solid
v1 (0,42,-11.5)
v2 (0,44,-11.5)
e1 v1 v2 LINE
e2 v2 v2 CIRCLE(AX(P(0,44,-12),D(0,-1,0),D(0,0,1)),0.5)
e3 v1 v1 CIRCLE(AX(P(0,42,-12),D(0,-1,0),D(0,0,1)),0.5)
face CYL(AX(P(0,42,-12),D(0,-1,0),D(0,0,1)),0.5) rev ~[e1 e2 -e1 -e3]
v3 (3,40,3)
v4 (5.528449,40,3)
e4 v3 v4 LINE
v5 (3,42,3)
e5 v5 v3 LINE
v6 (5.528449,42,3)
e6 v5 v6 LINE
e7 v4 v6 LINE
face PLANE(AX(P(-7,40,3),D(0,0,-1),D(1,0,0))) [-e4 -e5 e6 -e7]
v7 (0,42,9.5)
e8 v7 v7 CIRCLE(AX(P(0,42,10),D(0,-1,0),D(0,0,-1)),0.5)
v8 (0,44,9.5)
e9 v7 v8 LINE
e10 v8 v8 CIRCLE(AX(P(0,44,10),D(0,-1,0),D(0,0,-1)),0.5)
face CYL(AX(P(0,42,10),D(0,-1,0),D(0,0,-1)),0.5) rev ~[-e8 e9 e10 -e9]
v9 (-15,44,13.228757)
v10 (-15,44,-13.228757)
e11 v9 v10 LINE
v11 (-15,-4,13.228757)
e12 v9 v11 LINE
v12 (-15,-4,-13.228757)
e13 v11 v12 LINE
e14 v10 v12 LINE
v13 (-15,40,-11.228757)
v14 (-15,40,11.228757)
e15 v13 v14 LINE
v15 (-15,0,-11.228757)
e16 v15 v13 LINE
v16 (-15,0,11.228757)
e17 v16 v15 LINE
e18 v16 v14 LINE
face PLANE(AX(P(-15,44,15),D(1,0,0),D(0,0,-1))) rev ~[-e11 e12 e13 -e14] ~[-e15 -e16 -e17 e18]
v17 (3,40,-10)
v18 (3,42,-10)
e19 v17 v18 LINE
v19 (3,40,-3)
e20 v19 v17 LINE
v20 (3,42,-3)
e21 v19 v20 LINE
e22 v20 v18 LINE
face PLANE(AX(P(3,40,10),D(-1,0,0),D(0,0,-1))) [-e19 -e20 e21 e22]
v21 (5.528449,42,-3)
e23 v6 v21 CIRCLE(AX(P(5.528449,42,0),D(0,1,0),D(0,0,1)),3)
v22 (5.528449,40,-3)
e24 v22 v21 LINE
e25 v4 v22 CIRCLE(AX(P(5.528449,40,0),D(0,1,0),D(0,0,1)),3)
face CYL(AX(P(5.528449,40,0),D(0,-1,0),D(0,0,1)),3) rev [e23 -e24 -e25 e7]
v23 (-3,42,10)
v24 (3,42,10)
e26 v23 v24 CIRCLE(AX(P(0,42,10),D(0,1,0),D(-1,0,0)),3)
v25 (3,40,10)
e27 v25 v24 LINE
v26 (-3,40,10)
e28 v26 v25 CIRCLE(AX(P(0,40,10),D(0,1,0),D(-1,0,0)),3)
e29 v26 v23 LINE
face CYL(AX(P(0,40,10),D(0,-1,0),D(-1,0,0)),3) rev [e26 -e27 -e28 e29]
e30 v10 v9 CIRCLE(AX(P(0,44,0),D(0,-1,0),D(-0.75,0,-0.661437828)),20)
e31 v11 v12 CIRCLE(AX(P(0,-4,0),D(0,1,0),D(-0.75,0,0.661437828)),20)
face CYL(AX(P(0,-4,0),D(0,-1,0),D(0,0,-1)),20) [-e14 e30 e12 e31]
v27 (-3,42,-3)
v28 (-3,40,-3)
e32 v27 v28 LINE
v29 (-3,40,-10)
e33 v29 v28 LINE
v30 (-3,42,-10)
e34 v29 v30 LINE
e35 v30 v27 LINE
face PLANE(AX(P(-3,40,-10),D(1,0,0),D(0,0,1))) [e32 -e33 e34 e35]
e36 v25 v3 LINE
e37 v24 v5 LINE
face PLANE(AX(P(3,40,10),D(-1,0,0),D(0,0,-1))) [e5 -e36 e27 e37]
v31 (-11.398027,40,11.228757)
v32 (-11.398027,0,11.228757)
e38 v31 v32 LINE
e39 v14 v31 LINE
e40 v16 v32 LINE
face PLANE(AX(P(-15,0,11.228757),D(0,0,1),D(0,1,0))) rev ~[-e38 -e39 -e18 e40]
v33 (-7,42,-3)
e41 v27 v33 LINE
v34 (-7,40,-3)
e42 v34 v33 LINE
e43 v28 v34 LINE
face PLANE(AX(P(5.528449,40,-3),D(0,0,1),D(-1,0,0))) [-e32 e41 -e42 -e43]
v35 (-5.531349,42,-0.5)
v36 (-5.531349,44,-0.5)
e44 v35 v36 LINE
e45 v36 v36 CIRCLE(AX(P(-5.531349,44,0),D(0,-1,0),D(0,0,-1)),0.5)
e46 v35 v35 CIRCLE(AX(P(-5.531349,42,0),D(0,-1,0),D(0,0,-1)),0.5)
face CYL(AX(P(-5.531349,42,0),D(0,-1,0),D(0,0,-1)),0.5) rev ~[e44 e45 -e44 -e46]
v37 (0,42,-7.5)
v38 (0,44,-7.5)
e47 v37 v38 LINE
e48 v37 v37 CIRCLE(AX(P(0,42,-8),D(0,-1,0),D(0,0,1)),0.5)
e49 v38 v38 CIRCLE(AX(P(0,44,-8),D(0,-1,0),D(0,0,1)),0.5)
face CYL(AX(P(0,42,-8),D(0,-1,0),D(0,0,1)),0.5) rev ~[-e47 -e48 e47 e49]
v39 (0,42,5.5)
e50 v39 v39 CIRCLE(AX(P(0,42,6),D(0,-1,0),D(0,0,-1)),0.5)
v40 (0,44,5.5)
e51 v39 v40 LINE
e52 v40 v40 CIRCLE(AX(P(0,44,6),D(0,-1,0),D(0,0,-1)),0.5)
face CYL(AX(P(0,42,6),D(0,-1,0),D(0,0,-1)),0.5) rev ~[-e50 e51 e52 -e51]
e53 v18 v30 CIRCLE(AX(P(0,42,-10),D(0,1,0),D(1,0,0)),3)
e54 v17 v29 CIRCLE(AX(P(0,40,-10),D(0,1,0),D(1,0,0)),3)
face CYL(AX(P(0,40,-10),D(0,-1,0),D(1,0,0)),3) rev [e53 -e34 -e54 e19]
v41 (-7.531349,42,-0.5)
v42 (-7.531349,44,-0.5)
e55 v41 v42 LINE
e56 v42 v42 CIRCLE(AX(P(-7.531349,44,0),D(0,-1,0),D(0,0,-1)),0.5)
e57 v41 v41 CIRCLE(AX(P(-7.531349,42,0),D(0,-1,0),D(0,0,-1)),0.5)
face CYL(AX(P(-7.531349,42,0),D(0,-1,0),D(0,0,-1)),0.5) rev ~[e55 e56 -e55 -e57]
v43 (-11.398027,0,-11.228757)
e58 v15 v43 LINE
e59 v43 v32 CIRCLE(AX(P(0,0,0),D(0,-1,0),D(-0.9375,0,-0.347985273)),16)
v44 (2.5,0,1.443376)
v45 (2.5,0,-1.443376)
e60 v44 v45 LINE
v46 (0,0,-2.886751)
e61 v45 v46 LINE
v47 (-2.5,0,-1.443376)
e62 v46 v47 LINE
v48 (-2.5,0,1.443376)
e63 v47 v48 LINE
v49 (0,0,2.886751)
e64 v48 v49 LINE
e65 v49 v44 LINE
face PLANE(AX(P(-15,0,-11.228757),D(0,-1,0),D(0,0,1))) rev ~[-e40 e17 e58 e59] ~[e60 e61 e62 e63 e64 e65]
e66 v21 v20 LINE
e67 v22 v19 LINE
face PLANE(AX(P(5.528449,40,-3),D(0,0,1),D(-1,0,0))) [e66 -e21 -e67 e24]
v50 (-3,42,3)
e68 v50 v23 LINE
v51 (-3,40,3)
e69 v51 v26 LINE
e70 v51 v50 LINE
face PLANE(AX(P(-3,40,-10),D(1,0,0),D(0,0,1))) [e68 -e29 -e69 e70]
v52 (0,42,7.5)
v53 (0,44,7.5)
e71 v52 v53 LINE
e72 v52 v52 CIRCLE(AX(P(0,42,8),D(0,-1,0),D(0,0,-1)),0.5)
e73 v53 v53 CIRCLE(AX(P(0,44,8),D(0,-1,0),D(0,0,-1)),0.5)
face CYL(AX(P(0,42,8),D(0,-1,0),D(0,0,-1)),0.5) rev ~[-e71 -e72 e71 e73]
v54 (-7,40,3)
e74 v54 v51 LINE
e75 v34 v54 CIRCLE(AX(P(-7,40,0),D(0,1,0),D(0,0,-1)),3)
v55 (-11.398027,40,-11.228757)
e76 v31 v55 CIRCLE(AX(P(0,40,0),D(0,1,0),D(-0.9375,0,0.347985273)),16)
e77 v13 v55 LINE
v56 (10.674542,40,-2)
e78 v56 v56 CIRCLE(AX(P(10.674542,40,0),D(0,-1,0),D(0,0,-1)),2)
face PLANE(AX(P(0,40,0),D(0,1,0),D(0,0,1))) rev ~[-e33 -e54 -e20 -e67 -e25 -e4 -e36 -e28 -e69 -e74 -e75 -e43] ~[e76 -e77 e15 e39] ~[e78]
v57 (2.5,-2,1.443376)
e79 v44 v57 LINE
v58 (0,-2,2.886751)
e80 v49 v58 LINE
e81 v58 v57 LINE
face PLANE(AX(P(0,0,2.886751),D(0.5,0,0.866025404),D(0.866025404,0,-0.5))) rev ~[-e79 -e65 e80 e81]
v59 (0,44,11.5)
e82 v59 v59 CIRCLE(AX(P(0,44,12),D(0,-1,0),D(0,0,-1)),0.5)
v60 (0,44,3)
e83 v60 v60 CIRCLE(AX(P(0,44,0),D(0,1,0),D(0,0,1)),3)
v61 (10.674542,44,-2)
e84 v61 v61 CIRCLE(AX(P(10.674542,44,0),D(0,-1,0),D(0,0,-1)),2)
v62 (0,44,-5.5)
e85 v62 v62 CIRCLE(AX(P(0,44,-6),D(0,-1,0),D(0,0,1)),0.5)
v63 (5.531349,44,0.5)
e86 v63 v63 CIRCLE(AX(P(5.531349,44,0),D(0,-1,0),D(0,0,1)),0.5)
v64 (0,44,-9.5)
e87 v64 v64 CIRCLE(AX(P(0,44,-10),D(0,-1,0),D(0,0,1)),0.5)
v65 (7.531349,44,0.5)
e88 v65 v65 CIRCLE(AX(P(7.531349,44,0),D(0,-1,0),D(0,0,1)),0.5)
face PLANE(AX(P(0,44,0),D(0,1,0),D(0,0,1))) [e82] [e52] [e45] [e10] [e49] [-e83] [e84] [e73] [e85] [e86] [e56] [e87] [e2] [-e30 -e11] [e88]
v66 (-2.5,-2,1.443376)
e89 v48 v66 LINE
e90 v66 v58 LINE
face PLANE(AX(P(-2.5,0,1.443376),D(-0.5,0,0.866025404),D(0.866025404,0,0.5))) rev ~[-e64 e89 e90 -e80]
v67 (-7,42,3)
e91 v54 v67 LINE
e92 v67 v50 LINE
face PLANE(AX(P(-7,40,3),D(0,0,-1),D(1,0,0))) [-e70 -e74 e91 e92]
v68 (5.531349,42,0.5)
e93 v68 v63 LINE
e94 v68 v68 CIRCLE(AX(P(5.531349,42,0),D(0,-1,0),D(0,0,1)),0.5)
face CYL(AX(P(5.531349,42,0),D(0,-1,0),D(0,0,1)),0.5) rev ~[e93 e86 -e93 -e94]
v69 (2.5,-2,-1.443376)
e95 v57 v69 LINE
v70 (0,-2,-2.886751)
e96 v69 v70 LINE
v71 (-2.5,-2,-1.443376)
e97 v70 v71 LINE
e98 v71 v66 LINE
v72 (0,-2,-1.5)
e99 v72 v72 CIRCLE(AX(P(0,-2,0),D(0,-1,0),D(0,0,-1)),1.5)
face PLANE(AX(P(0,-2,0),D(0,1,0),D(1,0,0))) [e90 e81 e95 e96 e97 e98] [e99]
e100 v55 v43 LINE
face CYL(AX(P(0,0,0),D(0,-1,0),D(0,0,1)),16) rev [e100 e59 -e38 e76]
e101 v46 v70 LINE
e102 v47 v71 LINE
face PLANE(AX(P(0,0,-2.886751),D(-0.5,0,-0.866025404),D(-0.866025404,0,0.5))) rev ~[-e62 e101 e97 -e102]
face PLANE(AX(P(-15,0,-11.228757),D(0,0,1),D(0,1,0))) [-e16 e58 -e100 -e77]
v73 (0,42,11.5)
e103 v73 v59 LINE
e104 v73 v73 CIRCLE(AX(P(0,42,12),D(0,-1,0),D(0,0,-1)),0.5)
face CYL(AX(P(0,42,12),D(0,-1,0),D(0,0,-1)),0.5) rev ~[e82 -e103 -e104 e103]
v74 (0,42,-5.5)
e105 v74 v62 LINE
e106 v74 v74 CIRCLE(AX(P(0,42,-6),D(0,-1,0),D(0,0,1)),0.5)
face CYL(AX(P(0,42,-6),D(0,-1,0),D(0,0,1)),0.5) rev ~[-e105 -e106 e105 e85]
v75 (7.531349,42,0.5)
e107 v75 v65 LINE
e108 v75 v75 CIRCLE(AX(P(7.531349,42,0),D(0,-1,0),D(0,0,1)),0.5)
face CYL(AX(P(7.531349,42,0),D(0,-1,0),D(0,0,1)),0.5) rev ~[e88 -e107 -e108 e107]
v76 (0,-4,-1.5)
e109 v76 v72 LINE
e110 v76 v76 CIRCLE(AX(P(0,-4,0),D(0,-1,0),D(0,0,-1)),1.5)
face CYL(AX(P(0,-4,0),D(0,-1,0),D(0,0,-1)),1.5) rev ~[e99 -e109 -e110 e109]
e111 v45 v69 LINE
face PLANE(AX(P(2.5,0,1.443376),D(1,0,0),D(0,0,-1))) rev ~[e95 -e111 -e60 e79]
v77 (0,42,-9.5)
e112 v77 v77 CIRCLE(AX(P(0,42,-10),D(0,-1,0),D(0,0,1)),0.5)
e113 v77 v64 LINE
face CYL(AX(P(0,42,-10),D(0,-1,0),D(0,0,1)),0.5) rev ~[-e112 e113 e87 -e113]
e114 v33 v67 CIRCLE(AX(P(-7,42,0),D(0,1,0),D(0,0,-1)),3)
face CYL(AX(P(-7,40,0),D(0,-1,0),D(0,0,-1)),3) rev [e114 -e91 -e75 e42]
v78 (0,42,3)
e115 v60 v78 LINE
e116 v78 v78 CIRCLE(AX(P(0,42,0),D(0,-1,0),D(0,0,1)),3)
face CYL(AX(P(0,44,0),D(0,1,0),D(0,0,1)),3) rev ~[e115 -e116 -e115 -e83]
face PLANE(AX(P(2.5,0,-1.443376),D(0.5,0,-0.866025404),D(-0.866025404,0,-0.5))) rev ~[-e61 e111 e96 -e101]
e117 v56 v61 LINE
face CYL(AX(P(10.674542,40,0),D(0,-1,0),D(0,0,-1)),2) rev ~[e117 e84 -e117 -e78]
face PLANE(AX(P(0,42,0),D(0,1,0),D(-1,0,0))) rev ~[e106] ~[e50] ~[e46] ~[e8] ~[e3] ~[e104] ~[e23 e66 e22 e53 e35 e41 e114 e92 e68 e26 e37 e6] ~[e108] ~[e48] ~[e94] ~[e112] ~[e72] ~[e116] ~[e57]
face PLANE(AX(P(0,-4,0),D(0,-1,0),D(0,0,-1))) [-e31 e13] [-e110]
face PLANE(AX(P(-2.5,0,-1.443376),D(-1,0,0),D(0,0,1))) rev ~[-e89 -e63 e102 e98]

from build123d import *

# Parameters (mm, degrees)
SKETCH_1_R           = 20
SKETCH_1_R_2         = 16
EXTRUDE_1_DEPTH      = 40
SKETCH_2_R           = 20
EXTRUDE_2_DEPTH      = 4
SKETCH_3_R           = 3
CUT_EXTRUDE_1_DEPTH  = 4
CUT_EXTRUDE_2_DEPTH  = 2
EXTRUDE_START        = 4
SKETCH_7_R           = 20
EXTRUDE_3_DEPTH      = 4
SKETCH_8_R           = 1.5
CUT_EXTRUDE_4_DEPTH  = 6
SKETCH_10_W          = 10
SKETCH_10_H          = 30
CUT_EXTRUDE_6_DEPTH  = 48
SKETCH_11_W          = 22.45751311
SKETCH_11_H          = 40
CUT_EXTRUDE_9_DEPTH  = 25
CUT_EXTRUDE_10_DEPTH = 2
SKETCH_14_R          = 2
CUT_EXTRUDE_11_DEPTH = 4
CUT_EXTRUDE_12_DEPTH = 2
SKETCH_16_R          = 0.5
CUT_EXTRUDE_13_DEPTH = 55


with BuildPart() as part:
    # 草图1 → 凸台-拉伸1 (new body)
    with BuildSketch(Plane(origin=(0, 0, 0), x_dir=(1, 0, 0), z_dir=(0, 1, 0))):
        with Locations(Location((0, 0, 0), (0, 0, 270))):
            Circle(SKETCH_1_R)
        with Locations(Location((0, 0, 0), (0, 0, 270))):
            Circle(SKETCH_1_R_2, mode=Mode.SUBTRACT)
    extrude(amount=EXTRUDE_1_DEPTH)

    # 草图2 → 凸台-拉伸2 (add)
    with BuildSketch(Plane(origin=(0, 40, 0), x_dir=(1, 0, 0), z_dir=(0, 1, 0))):
        with Locations(Location((0, 0, 0), (0, 0, 270))):
            Circle(SKETCH_2_R)
    extrude(amount=EXTRUDE_2_DEPTH)

    # 草图3 → 切除-拉伸1 (cut)
    with BuildSketch(Plane(origin=(0, 44, 0), x_dir=(1, 0, 0), z_dir=(0, 1, 0))):
        with Locations(Location((0, 0, 0), (0, 0, 270))):
            Circle(SKETCH_3_R)
    extrude(amount=-CUT_EXTRUDE_1_DEPTH, mode=Mode.SUBTRACT)

    # 草图5 → 切除-拉伸2 (cut)
    with BuildSketch(Plane.XZ.offset(-40)):
        with BuildLine():
            Line((3, 10), (3, -10))
            ThreePointArc((3, -10), (0, -13), (-3, -10))
            Line((-3, -10), (-3, 10))
            ThreePointArc((-3, 10), (0, 13), (3, 10))
        make_face()
    extrude(amount=-CUT_EXTRUDE_2_DEPTH, mode=Mode.SUBTRACT)

    # 草图7 → 凸台-拉伸3 (add)
    with BuildSketch(Plane.XZ.offset(EXTRUDE_START)):
        with Locations(Location((0, 0, 0), (0, 0, 270))):
            Circle(SKETCH_7_R)
    extrude(amount=-EXTRUDE_3_DEPTH)

    # 草图8 → 切除-拉伸4 (cut)
    with BuildSketch(Plane.XZ.offset(4)):
        with Locations(Location((0, 0, 0), (0, 0, 270))):
            Circle(SKETCH_8_R)
    extrude(amount=-CUT_EXTRUDE_4_DEPTH, mode=Mode.SUBTRACT)

    # 草图10 → 切除-拉伸6 (cut)
    with BuildSketch(Plane(origin=(0, 44, 0), x_dir=(1, 0, 0), z_dir=(0, 1, 0))):
        with Locations((-20, 0)):
            Rectangle(SKETCH_10_W, SKETCH_10_H)
    extrude(amount=-CUT_EXTRUDE_6_DEPTH, mode=Mode.SUBTRACT)

    # 草图11 → 切除-拉伸9 (cut)
    with BuildSketch(Plane.ZY.offset(15)):
        with Locations((0, 20)):
            Rectangle(SKETCH_11_W, SKETCH_11_H)
    extrude(amount=-CUT_EXTRUDE_9_DEPTH, mode=Mode.SUBTRACT)

    # 草图12 → 切除-拉伸10 (cut)
    with BuildSketch(Plane(origin=(0, 0, 0), x_dir=(1, 0, 0), z_dir=(0, 1, 0))):
        Polygon((0, 2.886751346), (-2.5, 1.443375673), (-2.5, -1.443375673), (0, -2.886751346), (2.5, -1.443375673), (2.5, 1.443375673), align=None)
    extrude(amount=-CUT_EXTRUDE_10_DEPTH, mode=Mode.SUBTRACT)

    # 草图14 → 切除-拉伸11 (cut)
    with BuildSketch(Plane.XZ.offset(-40)):
        with Locations(Location((10.674541512, 0, 0), (0, 0, 270))):
            Circle(SKETCH_14_R)
    extrude(amount=-CUT_EXTRUDE_11_DEPTH, mode=Mode.SUBTRACT)

    # 草图15 → 切除-拉伸12 (cut)
    with BuildSketch(Plane.XZ.offset(-40)):
        with BuildLine():
            Line((-7, 3), (5.528448646, 3))
            ThreePointArc((5.528448646, 3), (8.528448646, 0), (5.528448646, -3))
            Line((5.528448646, -3), (-7, -3))
            ThreePointArc((-7, -3), (-10, 0), (-7, 3))
        make_face()
    extrude(amount=-CUT_EXTRUDE_12_DEPTH, mode=Mode.SUBTRACT)

    # 草图16 → 切除-拉伸13 (cut, through all)
    with BuildSketch(Plane.XZ.offset(-42)):
        with Locations(Location((0, 12, 0), (0, 0, 270))):
            Circle(SKETCH_16_R)
        with Locations(Location((0, 10, 0), (0, 0, 270))):
            Circle(SKETCH_16_R)
        with Locations(Location((0, 8, 0), (0, 0, 270))):
            Circle(SKETCH_16_R)
        with Locations(Location((0, 6, 0), (0, 0, 270))):
            Circle(SKETCH_16_R)
        with Locations(Location((-7.531348858, 0, 0), (0, 0, 270))):
            Circle(SKETCH_16_R)
        with Locations(Location((-5.531348858, 0, 0), (0, 0, 270))):
            Circle(SKETCH_16_R)
        with Locations(Location((5.531348858, 0, 0), (0, 0, 90))):
            Circle(SKETCH_16_R)
        with Locations(Location((7.531348858, 0, 0), (0, 0, 90))):
            Circle(SKETCH_16_R)
        with Locations(Location((0, -6, 0), (0, 0, 90))):
            Circle(SKETCH_16_R)
        with Locations(Location((0, -8, 0), (0, 0, 90))):
            Circle(SKETCH_16_R)
        with Locations(Location((0, -10, 0), (0, 0, 90))):
            Circle(SKETCH_16_R)
        with Locations(Location((0, -12, 0), (0, 0, 90))):
            Circle(SKETCH_16_R)
    extrude(amount=-CUT_EXTRUDE_13_DEPTH, mode=Mode.SUBTRACT)


solid = part.part
